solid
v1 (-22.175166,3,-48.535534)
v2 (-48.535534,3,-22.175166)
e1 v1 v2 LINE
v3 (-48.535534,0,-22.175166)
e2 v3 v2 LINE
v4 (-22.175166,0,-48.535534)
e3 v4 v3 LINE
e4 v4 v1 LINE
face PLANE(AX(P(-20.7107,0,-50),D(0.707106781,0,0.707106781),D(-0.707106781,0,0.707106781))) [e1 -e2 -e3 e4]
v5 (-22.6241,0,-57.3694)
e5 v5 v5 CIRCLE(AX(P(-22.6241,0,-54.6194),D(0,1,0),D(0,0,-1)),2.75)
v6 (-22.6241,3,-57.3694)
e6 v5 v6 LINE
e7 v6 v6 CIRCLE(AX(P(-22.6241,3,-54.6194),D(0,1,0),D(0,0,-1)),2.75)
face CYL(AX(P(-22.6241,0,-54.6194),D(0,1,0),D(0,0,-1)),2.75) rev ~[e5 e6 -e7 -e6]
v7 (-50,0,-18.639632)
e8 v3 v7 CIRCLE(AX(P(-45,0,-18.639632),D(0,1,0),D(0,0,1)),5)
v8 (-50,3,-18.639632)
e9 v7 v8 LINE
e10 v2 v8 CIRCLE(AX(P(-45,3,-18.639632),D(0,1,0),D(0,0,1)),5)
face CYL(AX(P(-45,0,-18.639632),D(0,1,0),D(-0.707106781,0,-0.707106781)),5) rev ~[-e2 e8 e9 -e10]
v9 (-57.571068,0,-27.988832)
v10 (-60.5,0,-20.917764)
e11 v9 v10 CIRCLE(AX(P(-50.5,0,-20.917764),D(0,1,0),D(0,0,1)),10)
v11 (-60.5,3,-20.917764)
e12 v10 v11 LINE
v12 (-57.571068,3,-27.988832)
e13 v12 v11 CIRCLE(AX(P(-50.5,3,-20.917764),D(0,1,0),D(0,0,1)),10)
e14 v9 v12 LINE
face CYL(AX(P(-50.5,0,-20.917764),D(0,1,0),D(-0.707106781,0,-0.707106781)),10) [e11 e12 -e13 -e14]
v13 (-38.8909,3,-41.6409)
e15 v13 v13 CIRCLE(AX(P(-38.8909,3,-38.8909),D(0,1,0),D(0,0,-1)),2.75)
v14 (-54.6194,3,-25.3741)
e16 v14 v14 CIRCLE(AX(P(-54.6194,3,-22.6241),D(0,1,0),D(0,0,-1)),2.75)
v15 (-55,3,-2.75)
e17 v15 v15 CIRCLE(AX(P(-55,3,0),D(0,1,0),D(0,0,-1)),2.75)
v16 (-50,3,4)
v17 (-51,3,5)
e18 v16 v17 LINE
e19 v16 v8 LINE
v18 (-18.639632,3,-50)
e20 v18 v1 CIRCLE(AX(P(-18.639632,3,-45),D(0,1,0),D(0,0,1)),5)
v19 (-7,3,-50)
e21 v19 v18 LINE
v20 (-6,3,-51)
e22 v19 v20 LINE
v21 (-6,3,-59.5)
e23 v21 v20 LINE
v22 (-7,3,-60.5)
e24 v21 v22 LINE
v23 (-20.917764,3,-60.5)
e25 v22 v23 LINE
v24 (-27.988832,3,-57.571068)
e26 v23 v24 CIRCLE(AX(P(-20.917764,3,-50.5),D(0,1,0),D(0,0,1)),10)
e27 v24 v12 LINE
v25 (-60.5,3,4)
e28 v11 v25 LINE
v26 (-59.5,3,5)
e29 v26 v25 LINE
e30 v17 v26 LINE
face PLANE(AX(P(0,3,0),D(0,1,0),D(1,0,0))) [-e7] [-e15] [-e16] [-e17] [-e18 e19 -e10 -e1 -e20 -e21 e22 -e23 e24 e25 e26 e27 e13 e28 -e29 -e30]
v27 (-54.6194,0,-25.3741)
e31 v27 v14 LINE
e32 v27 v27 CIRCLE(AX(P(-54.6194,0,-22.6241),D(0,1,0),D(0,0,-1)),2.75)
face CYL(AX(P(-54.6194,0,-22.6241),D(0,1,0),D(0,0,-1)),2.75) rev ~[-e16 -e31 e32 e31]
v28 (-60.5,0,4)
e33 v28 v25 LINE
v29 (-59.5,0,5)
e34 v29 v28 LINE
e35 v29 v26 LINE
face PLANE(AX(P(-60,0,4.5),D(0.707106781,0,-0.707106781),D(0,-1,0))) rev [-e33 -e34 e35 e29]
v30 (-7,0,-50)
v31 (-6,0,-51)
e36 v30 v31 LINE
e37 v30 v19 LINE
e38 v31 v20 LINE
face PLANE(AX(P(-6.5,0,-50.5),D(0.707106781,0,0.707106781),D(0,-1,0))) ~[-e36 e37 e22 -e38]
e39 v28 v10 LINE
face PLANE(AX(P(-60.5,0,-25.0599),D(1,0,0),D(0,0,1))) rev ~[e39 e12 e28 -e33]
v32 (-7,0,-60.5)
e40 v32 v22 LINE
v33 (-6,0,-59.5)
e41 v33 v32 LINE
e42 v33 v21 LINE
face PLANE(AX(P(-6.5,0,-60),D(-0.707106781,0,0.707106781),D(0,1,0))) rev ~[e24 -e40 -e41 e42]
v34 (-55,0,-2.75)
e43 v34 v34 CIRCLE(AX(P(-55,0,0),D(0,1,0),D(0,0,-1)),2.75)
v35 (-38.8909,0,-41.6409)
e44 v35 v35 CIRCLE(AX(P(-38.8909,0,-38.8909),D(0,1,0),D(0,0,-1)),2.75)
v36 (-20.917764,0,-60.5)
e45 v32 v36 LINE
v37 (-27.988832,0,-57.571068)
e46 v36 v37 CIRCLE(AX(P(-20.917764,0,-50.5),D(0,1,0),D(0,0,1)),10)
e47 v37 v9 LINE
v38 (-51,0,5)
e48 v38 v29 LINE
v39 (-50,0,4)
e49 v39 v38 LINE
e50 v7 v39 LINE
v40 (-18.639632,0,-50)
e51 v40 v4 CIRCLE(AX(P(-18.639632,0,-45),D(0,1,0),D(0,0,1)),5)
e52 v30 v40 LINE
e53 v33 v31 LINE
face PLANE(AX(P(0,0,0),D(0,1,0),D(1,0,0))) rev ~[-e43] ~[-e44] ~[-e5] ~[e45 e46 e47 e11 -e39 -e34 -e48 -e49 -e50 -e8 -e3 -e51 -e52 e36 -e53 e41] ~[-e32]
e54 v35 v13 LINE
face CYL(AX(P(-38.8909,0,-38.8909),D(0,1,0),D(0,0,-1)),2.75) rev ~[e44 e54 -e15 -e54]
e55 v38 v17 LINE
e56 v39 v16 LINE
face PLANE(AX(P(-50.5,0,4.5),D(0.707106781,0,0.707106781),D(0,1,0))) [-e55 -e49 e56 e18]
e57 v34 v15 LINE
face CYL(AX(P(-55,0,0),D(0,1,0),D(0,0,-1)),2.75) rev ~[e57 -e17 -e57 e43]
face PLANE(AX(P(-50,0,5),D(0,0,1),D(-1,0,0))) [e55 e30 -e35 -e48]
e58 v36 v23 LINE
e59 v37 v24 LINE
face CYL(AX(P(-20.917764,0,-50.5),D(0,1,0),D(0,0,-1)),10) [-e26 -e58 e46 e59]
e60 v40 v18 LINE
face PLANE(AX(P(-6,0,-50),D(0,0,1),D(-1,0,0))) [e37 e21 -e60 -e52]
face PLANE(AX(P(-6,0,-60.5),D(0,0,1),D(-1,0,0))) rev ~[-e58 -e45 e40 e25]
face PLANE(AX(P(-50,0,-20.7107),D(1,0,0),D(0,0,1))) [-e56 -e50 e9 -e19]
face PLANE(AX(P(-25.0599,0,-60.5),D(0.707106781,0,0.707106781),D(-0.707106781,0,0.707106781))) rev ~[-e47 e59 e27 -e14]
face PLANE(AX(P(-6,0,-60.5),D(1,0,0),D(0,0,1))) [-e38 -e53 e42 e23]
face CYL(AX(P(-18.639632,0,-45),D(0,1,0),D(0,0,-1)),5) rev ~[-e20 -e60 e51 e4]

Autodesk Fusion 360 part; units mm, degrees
sketch "Sketch1" plane through (0, 0, 0) normal (0, 1, 0) x (1, 0, 0)
  circle A0 centre (0, 0) radius 55 construction
  line L0 (48, 0) -> (48, 19.8823)
  line L1 (48, 19.8823) -> (19.8823, 48)
  line L2 (19.8823, 48) -> (-19.8823, 48)
  line L3 (-19.8823, 48) -> (-48, 19.8823)
  line L4 (-48, 19.8823) -> (-48, 0)
  line L5 (-48, 0) -> (48, 0) construction
  line L6 (0, -1.75) -> (0, -22.5) construction
  line L7 (50, 0) -> (50, 20.7107)
  line L8 (50, 20.7107) -> (20.7107, 50)
  line L9 (20.7107, 50) -> (-20.7107, 50)
  line L10 (-20.7107, 50) -> (-50, 20.7107)
  line L11 (-50, 20.7107) -> (-50, 0)
  line L12 (0, 0) -> (-54.6194, 22.6241) construction
  line L13 (60.5, 0) -> (60.5, 25.0599)
  line L14 (60.5, 25.0599) -> (25.0599, 60.5)
  line L15 (25.0599, 60.5) -> (-25.0599, 60.5)
  line L16 (-25.0599, 60.5) -> (-60.5, 25.0599)
  line L17 (-60.5, 25.0599) -> (-60.5, 0)
  line L18 (0, 60.5) -> (0, 50)
  line L19 (-50, 0) -> (-50, -5)
  line L20 (-50, -5) -> (-60.5, -5)
  line L21 (-60.5, -5) -> (-60.5, 0)
  line L22 (-6, 60.5) -> (-6, 50)
  point P0 (-55, 0)
  point P1 (-38.8909, -38.8909)
  point P2 (-54.6194, -22.6241)
  point P3 (0, -55)
  point P4 (-22.6241, -54.6194)
  point P5 (38.8909, -38.8909)
  point P6 (22.6241, -54.6194)
  point P7 (55, 0)
  point P8 (54.6194, -22.6241)
  point P9 (38.8909, 38.8909)
  point P10 (54.6194, 22.6241)
  point P11 (0, 55)
  point P12 (22.6241, 54.6194)
  point P13 (-38.8909, 38.8909)
  point P14 (-22.6241, 54.6194)
  dimension "d1" = 110
  dimension "d21" = 96
  dimension "d22" = 48
  dimension "d23" = 45
  dimension "d26" = 2
  dimension "d28" = 5
  dimension "d29" = 12.5
  dimension "d31" = 360
  dimension "d39" = 5
  dimension "d40" = 6
extrude "Extrude3" add sketch "Sketch1" along normal blind 3 contours L9 L10 L11 L15 L16 L17 L19 L20 L21 L22
hole "Hole2" at (-54.6194, 0, -22.6241) at (-38.8909, 0, -38.8909) at (-22.6241, 0, -54.6194) at (-55, 0, 0) direction (0, 1, 0) diameter 5.5 depth 5 tip angle 118
fillet "Fillet1" radius 10 2 edges at (-60.5, 1.5, -25.0599) (-25.0599, 1.5, -60.5)
fillet "Fillet2" radius 5 2 edges at (-50, 1.5, -20.7107) (-20.7107, 1.5, -50)
chamfer "Chamfer2" distance 1 angle 45 4 edges at (-50, 1.5, 5) (-60.5, 1.5, 5) (-6, 1.5, -50) (-6, 1.5, -60.5)
sketch "Sketch2" plane through (0, 3, 0) normal (0, 1, 0) x (-1, 0, 0)
  line L0 (6, -59.5) -> (7, -60.5)
  line L1 (7, -60.5) -> (20.9178, -60.5)
  arc A0 (20.9178, -60.5) -> (27.9889, -57.5711) centre (20.9178, -50.5) ccw
  line L2 (27.9889, -57.5711) -> (57.5711, -27.9889)
  arc A1 (57.5711, -27.9889) -> (60.5, -20.9178) centre (50.5, -20.9178) ccw
  line L3 (60.5, -20.9178) -> (60.5, 4)
  line L4 (60.5, 4) -> (59.5, 5)
  line L5 (59.5, 5) -> (51, 5)
  line L6 (51, 5) -> (50, 4)
  line L7 (50, 4) -> (50, -18.6396)
  arc A2 (48.5355, -22.1751) -> (50, -18.6396) centre (45, -18.6396) ccw
  line L8 (48.5355, -22.1751) -> (22.1751, -48.5355)
  arc A3 (18.6396, -50) -> (22.1751, -48.5355) centre (18.6396, -45) ccw
  line L9 (18.6396, -50) -> (7, -50)
  line L10 (7, -50) -> (6, -51)
  line L11 (6, -51) -> (6, -59.5)
  circle A4 centre (22.6241, -54.6194) radius 2.75
  circle A5 centre (54.6194, -22.6241) radius 2.75
  circle A6 centre (38.8909, -38.8909) radius 2.75
  circle A7 centre (55, 0) radius 2.75
